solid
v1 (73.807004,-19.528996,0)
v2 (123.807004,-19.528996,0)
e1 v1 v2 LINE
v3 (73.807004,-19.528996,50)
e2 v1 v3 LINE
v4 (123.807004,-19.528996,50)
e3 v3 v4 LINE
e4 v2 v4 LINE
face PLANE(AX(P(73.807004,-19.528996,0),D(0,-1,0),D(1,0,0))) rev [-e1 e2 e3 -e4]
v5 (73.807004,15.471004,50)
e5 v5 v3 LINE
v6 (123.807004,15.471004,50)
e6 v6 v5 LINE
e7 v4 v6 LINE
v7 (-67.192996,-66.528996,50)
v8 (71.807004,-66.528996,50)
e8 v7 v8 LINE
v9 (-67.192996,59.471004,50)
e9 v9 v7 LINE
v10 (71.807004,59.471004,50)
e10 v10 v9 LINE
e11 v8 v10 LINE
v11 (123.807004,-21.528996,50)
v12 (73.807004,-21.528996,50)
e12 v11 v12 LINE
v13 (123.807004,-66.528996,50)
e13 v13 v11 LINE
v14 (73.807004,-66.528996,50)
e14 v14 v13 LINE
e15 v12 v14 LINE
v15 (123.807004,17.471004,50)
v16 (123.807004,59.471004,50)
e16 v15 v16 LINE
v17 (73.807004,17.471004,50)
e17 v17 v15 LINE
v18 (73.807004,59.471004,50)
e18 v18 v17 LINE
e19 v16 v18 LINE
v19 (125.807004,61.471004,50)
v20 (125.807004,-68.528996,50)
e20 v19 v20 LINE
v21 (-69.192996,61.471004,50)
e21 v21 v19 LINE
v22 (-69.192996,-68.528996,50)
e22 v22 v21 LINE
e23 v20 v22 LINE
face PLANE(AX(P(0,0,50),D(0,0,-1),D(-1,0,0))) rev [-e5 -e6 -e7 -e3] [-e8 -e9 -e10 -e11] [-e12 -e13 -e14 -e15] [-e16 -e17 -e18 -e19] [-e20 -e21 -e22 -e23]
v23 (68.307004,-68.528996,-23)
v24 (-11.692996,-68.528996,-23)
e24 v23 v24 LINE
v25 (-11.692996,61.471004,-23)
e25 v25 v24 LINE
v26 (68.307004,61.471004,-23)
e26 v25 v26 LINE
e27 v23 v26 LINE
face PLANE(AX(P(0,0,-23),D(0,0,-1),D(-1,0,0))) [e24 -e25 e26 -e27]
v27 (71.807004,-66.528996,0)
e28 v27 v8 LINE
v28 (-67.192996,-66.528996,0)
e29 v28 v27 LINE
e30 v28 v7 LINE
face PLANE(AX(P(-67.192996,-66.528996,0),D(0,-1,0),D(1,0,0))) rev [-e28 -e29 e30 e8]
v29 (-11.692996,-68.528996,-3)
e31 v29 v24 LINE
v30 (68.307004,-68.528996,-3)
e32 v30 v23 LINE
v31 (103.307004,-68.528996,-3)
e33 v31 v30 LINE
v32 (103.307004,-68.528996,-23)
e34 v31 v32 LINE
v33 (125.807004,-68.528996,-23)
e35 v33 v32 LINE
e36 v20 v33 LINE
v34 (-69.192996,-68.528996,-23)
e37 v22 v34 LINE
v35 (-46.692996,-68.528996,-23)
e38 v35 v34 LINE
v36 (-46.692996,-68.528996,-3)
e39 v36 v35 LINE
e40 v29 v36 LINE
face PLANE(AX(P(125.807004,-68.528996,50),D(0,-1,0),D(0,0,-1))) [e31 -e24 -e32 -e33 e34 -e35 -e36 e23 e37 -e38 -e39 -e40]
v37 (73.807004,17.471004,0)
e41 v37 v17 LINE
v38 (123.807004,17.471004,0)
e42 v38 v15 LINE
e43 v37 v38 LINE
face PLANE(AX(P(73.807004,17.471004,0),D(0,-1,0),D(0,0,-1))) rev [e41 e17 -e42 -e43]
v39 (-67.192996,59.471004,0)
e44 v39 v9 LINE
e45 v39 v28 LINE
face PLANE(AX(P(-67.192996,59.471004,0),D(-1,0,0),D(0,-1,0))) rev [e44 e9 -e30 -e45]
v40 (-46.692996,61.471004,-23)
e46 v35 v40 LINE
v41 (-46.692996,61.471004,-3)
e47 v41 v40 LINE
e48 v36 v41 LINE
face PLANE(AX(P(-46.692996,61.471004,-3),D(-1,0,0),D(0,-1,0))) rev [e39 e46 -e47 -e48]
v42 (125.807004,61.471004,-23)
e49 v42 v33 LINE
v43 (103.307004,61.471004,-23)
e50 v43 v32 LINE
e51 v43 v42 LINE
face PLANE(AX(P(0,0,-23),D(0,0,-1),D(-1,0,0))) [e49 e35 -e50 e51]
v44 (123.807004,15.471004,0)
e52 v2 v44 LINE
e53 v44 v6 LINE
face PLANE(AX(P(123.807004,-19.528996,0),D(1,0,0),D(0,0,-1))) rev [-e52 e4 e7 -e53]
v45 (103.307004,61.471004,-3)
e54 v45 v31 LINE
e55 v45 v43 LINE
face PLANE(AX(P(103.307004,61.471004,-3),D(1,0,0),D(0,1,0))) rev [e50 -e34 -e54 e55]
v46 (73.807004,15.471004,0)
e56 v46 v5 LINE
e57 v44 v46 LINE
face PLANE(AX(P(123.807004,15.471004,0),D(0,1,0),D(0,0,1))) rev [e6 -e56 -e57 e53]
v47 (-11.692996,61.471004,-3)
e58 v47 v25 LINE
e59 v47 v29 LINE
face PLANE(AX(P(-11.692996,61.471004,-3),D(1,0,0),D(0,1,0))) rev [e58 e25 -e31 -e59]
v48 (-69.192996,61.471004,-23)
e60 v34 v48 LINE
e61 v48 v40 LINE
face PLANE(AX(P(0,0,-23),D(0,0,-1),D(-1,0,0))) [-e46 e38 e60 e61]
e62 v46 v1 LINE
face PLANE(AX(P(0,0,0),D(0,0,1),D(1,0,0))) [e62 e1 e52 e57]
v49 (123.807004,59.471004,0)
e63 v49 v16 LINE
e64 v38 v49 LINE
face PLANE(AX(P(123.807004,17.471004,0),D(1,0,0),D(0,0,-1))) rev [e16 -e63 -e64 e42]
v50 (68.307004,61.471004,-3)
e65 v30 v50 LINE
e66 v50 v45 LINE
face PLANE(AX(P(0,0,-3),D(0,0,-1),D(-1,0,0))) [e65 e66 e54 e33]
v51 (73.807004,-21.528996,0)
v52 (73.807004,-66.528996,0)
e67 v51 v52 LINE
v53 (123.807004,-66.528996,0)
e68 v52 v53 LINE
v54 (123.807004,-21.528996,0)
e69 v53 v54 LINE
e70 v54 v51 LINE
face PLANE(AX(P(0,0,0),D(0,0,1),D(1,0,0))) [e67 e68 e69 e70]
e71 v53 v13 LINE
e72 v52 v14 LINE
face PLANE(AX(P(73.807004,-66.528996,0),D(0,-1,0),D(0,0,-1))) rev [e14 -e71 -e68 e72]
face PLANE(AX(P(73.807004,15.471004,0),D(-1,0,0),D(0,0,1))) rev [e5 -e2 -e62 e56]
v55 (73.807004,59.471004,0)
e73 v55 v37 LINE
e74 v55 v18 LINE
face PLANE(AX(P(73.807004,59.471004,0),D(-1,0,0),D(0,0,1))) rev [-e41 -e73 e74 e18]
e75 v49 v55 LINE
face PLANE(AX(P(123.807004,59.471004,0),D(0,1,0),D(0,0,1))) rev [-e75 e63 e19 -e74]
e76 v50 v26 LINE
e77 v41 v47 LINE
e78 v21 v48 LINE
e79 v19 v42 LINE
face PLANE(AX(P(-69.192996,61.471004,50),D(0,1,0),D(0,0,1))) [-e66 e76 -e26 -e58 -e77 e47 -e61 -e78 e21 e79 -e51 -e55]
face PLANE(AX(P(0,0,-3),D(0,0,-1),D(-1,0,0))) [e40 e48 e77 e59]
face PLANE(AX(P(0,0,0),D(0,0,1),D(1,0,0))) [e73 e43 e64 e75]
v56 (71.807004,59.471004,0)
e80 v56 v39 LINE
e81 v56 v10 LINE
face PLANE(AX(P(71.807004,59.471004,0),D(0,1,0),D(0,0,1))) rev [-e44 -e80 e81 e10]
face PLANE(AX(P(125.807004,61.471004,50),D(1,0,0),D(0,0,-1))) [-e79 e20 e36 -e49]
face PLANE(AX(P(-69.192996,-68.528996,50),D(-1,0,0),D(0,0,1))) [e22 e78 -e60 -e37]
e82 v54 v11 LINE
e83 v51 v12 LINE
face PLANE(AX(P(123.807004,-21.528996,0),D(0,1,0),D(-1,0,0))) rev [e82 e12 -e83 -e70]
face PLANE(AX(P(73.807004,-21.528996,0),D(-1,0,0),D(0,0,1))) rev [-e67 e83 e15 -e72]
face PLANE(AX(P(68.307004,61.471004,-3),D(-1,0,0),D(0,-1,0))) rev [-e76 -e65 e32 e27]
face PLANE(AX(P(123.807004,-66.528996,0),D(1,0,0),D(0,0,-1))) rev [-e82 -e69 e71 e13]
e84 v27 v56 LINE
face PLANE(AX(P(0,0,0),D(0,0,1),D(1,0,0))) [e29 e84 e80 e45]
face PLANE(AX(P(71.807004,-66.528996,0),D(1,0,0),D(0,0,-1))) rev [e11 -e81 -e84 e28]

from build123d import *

# Parameters (mm, degrees)
SKIZZE1_W                       = 195
SKIZZE1_H                       = 130
AUFSATZ_LINEAR_AUSTRAGEN1_DEPTH = 53
SKIZZE2_W                       = 139
SKIZZE2_H                       = 126
SCHNITT_LINEAR_AUSTRAGEN1_DEPTH = 50
SKIZZE3_W                       = 50
SKIZZE3_H                       = 42
SCHNITT_LINEAR_AUSTRAGEN2_DEPTH = 50
SKIZZE4_W                       = 50
SKIZZE4_H                       = 45
SCHNITT_LINEAR_AUSTRAGEN3_DEPTH = 50
SKIZZE5_W                       = 50
SKIZZE5_H                       = 35
SCHNITT_LINEAR_AUSTRAGEN4_DEPTH = 50
SKIZZE6_W                       = 195
SKIZZE6_H                       = 130
AUFSATZ_LINEAR_AUSTRAGEN2_DEPTH = 20
SKIZZE7_W                       = 35
SKIZZE7_H                       = 130
SCHNITT_LINEAR_AUSTRAGEN5_DEPTH = 20


with BuildPart() as part:
    # Skizze1 → Aufsatz-Linear austragen1 (new body)
    with BuildSketch(Plane(origin=(0, 0, -3), x_dir=(-1, 0, 0), z_dir=(0, 0, -1))):
        with Locations((-28.307004173, -3.528995936)):
            Rectangle(SKIZZE1_W, SKIZZE1_H)
    extrude(amount=-AUFSATZ_LINEAR_AUSTRAGEN1_DEPTH)

    # Skizze2 → Schnitt-Linear austragen1 (cut)
    with BuildSketch(Plane.XY.offset(50)):
        with Locations((2.307004173, -3.528995936)):
            Rectangle(SKIZZE2_W, SKIZZE2_H)
    extrude(amount=-SCHNITT_LINEAR_AUSTRAGEN1_DEPTH, mode=Mode.SUBTRACT)

    # Skizze3 → Schnitt-Linear austragen2 (cut)
    with BuildSketch(Plane.XY.offset(50)):
        with Locations((98.807004173, 38.471004064)):
            Rectangle(SKIZZE3_W, SKIZZE3_H)
    extrude(amount=-SCHNITT_LINEAR_AUSTRAGEN2_DEPTH, mode=Mode.SUBTRACT)

    # Skizze4 → Schnitt-Linear austragen3 (cut)
    with BuildSketch(Plane.XY.offset(50)):
        with Locations((98.807004173, -44.028995936)):
            Rectangle(SKIZZE4_W, SKIZZE4_H)
    extrude(amount=-SCHNITT_LINEAR_AUSTRAGEN3_DEPTH, mode=Mode.SUBTRACT)

    # Skizze5 → Schnitt-Linear austragen4 (cut)
    with BuildSketch(Plane.XY.offset(50)):
        with Locations((98.807004173, -2.028995936)):
            Rectangle(SKIZZE5_W, SKIZZE5_H)
    extrude(amount=-SCHNITT_LINEAR_AUSTRAGEN4_DEPTH, mode=Mode.SUBTRACT)

    # Skizze6 → Aufsatz-Linear austragen2 (add)
    with BuildSketch(Plane(origin=(0, 0, -3), x_dir=(-1, 0, 0), z_dir=(0, 0, -1))):
        with Locations((-28.307004173, -3.528995936)):
            Rectangle(SKIZZE6_W, SKIZZE6_H)
    extrude(amount=AUFSATZ_LINEAR_AUSTRAGEN2_DEPTH)

    # Skizze7 → Schnitt-Linear austragen5 (cut)
    with BuildSketch(Plane(origin=(0, 0, -23), x_dir=(-1, 0, 0), z_dir=(0, 0, -1))):
        with Locations((-85.807004173, -3.528995936)):
            Rectangle(SKIZZE7_W, SKIZZE7_H)
        with Locations((29.192995827, -3.528995936)):
            Rectangle(SKIZZE7_W, SKIZZE7_H)
    extrude(amount=-SCHNITT_LINEAR_AUSTRAGEN5_DEPTH, mode=Mode.SUBTRACT)


solid = part.part
